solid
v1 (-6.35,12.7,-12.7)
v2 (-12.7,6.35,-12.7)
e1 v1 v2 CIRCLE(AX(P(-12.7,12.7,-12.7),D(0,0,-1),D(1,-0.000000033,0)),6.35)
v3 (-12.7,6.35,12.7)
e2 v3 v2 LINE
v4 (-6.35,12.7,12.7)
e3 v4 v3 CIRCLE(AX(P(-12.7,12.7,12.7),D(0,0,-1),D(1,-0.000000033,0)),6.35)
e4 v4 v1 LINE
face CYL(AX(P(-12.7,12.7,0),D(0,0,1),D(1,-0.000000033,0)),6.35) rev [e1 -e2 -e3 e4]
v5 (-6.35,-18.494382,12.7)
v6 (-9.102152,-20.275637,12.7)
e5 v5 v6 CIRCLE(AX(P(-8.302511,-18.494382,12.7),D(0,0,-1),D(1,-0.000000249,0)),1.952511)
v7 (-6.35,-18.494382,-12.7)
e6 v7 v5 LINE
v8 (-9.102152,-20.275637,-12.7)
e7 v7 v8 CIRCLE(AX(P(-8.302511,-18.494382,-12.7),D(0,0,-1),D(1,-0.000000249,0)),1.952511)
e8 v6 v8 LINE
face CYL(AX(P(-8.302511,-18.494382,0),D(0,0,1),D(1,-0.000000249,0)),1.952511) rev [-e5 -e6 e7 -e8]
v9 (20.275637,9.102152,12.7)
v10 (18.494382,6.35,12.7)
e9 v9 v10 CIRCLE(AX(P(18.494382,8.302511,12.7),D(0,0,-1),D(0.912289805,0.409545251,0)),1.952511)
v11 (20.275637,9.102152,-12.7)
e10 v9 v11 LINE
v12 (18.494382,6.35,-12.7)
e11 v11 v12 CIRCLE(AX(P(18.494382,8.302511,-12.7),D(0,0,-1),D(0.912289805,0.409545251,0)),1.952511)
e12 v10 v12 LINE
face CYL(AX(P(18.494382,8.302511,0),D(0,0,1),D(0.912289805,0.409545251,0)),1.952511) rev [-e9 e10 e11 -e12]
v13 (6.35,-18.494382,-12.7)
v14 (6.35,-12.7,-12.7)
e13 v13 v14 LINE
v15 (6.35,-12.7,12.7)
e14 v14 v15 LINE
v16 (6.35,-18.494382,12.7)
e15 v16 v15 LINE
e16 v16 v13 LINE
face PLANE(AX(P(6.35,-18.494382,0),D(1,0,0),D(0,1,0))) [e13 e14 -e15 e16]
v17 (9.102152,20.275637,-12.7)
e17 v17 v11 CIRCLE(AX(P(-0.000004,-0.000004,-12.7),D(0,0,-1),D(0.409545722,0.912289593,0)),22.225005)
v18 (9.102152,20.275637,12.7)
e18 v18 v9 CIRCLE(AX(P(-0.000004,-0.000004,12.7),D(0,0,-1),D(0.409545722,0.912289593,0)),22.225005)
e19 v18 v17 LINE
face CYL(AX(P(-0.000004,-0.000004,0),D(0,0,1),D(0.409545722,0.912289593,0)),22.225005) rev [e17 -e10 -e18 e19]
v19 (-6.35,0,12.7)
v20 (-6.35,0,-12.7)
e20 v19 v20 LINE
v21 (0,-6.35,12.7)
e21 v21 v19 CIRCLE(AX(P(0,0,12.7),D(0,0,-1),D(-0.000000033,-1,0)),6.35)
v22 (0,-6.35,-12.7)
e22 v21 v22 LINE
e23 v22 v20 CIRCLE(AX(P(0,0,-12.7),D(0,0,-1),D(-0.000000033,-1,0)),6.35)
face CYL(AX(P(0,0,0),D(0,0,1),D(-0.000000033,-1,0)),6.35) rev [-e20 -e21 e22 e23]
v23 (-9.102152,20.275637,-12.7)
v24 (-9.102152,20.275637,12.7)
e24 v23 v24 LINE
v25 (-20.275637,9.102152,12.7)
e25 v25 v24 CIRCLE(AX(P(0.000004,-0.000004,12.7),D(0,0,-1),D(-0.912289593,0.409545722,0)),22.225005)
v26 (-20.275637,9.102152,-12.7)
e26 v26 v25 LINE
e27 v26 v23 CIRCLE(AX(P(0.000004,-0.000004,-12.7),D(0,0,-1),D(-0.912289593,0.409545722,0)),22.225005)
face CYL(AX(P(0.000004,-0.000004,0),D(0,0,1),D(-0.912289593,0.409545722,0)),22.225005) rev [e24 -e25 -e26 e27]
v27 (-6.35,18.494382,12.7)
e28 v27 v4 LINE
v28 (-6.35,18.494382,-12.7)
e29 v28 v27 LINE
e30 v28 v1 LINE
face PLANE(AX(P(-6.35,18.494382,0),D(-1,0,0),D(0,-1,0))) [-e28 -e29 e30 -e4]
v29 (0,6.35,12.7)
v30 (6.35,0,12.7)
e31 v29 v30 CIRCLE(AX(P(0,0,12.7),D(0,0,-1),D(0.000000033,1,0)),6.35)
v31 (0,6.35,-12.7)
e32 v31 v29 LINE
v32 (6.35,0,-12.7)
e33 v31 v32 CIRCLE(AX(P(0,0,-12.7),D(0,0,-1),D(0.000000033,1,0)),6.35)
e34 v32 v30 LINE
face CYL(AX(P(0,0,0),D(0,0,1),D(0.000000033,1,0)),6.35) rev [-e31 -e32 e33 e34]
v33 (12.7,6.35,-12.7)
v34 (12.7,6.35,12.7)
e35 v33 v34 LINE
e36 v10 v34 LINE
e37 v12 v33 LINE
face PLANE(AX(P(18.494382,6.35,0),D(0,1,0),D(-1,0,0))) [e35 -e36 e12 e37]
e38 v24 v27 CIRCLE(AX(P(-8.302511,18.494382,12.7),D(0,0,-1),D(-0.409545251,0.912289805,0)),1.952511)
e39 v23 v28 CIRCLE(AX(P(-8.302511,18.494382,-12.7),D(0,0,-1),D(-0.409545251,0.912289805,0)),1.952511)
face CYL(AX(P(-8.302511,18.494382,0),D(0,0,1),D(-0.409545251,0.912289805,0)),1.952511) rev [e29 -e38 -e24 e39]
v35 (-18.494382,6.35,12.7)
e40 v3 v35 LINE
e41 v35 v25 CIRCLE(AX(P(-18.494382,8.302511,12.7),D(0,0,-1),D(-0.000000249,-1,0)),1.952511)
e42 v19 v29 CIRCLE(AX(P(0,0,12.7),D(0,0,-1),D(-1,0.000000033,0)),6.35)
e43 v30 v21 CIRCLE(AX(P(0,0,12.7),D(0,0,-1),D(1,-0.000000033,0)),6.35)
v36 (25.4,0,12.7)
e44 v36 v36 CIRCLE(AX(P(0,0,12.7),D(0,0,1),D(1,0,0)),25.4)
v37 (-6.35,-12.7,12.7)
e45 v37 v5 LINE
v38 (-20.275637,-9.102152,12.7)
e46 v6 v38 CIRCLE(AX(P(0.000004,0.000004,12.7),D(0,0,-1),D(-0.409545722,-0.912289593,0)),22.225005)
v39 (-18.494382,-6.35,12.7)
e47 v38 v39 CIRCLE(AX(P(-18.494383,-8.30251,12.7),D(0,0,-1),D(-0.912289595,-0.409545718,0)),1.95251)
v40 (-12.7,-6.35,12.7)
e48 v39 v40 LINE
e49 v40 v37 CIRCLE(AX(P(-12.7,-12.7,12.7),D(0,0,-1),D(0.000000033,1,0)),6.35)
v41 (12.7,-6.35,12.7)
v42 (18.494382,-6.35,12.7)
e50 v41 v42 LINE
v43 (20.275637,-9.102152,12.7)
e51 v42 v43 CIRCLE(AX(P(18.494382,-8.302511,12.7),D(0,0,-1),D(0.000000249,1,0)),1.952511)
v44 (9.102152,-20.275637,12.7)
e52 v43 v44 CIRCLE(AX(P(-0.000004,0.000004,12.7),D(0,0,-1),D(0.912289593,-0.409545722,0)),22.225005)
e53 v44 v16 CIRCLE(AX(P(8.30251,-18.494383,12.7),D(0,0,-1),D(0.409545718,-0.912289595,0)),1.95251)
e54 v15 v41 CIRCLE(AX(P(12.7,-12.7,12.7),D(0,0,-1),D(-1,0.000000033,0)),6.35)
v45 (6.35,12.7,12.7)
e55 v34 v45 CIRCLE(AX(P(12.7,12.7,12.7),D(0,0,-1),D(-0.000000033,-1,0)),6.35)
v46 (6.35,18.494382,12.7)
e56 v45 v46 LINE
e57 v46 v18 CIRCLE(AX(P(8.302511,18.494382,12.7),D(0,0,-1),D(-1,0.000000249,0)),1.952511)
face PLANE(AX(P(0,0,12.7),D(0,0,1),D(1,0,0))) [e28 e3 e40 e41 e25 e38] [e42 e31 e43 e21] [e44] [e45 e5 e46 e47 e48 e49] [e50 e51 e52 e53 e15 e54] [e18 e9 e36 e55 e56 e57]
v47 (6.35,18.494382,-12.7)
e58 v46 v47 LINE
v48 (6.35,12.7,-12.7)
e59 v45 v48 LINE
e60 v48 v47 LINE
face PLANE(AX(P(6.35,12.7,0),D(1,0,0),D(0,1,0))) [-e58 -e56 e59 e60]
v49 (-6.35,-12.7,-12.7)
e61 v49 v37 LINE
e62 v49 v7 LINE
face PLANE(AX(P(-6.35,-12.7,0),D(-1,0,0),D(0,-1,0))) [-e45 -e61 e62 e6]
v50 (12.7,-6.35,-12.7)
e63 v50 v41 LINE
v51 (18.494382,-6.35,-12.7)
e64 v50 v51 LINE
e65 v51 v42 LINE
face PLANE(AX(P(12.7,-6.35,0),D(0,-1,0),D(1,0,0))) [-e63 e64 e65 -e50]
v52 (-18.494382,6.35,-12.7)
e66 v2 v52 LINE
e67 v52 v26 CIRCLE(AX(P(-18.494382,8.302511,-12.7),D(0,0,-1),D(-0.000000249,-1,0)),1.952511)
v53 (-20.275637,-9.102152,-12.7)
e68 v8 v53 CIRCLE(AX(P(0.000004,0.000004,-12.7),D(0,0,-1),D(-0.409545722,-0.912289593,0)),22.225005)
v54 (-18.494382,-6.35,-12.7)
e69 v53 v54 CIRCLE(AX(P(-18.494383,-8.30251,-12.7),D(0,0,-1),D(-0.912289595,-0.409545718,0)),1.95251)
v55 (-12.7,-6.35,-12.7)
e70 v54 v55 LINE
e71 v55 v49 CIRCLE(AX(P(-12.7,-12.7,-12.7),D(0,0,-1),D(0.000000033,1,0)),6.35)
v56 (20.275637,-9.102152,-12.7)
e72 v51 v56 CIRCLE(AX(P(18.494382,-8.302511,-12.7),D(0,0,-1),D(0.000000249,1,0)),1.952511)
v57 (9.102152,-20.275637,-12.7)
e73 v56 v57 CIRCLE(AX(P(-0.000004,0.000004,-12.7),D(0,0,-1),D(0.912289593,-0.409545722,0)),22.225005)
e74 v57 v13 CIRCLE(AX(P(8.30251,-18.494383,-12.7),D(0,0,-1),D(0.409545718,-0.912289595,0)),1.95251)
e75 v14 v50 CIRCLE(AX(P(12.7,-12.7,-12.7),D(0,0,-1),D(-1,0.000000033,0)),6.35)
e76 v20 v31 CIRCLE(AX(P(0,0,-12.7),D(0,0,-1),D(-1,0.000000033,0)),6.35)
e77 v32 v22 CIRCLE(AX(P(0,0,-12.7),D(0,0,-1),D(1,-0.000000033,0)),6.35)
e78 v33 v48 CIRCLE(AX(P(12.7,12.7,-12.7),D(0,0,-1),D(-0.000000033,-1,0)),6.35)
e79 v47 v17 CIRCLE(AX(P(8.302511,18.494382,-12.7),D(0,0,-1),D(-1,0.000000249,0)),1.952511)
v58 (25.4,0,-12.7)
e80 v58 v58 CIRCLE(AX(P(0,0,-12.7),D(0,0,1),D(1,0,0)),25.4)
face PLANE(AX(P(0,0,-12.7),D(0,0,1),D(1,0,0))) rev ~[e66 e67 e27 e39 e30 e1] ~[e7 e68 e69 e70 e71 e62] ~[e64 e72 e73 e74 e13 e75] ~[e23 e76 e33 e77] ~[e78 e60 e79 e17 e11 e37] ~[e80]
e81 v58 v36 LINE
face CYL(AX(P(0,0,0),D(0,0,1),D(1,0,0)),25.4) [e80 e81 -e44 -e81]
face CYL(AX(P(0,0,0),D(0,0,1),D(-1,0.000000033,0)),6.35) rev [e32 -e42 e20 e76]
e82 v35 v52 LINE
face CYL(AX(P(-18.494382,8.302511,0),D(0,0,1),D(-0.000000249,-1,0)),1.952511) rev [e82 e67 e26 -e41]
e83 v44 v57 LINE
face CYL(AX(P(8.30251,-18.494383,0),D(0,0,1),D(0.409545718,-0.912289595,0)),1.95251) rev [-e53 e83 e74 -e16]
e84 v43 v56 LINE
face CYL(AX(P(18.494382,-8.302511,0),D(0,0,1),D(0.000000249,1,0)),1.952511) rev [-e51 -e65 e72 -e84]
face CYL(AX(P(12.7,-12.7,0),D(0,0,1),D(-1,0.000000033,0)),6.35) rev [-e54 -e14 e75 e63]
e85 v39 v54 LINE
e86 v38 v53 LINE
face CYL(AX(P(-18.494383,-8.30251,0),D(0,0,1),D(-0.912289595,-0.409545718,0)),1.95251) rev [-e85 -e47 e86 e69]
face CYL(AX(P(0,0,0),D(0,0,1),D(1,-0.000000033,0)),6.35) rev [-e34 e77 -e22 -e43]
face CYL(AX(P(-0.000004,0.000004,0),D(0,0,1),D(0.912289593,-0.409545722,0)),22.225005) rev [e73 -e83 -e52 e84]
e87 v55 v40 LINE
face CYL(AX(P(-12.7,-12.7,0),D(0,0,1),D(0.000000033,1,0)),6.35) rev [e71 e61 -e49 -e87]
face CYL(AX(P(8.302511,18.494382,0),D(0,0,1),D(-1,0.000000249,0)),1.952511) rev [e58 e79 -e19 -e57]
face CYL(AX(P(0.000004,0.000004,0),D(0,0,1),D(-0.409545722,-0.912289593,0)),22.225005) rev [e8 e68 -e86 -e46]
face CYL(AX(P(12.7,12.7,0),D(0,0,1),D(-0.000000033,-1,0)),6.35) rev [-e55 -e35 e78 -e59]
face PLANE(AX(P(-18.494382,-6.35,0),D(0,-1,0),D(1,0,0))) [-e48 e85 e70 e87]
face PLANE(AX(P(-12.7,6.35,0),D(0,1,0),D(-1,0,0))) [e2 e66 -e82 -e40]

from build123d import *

# Parameters (mm, degrees)
F0_R     = 25.4
F1_DEPTH = 12.7


with BuildPart() as f1:
    # F0 (on Top) → F1 (new body, symmetric)
    with BuildSketch(Plane.XY):
        Circle(F0_R)
        with BuildLine():
            ThreePointArc((-12.7, -6.35), (-8.209872, -8.209872), (-6.35, -12.7))
            Line((-6.35, -12.7), (-6.35, -18.494382))
            ThreePointArc((-6.35, -18.494382), (-7.241618, -20.133529), (-9.102152, -20.275637))
            ThreePointArc((-9.102152, -20.275637), (-15.715448, -15.715448), (-20.275637, -9.102152))
            ThreePointArc((-20.275637, -9.102152), (-20.133529, -7.241617), (-18.494382, -6.35))
            Line((-18.494382, -6.35), (-12.7, -6.35))
        make_face(mode=Mode.SUBTRACT)
        with BuildLine():
            ThreePointArc((0, 6.35), (4.490128, 4.490128), (6.35, 0))
            ThreePointArc((6.35, 0), (4.490128, -4.490128), (0, -6.35))
            ThreePointArc((0, -6.35), (-4.490128, -4.490128), (-6.35, 0))
            ThreePointArc((-6.35, 0), (-4.490128, 4.490128), (0, 6.35))
        make_face(mode=Mode.SUBTRACT)
        with BuildLine():
            ThreePointArc((6.35, -12.7), (8.209872, -8.209872), (12.7, -6.35))
            Line((12.7, -6.35), (18.494382, -6.35))
            ThreePointArc((18.494382, -6.35), (20.133529, -7.241618), (20.275637, -9.102152))
            ThreePointArc((20.275637, -9.102152), (15.715448, -15.715448), (9.102152, -20.275637))
            ThreePointArc((9.102152, -20.275637), (7.241617, -20.133529), (6.35, -18.494382))
            Line((6.35, -18.494382), (6.35, -12.7))
        make_face(mode=Mode.SUBTRACT)
        with BuildLine():
            ThreePointArc((-20.275637, 9.102152), (-15.715448, 15.715448), (-9.102152, 20.275637))
            ThreePointArc((-9.102152, 20.275637), (-7.241618, 20.133529), (-6.35, 18.494382))
            Line((-6.35, 18.494382), (-6.35, 12.7))
            ThreePointArc((-6.35, 12.7), (-8.209872, 8.209872), (-12.7, 6.35))
            Line((-12.7, 6.35), (-18.494382, 6.35))
            ThreePointArc((-18.494382, 6.35), (-20.133529, 7.241618), (-20.275637, 9.102152))
        make_face(mode=Mode.SUBTRACT)
        with BuildLine():
            ThreePointArc((12.7, 6.35), (8.209872, 8.209872), (6.35, 12.7))
            Line((6.35, 12.7), (6.35, 18.494382))
            ThreePointArc((6.35, 18.494382), (7.241618, 20.133529), (9.102152, 20.275637))
            ThreePointArc((9.102152, 20.275637), (15.715448, 15.715448), (20.275637, 9.102152))
            ThreePointArc((20.275637, 9.102152), (20.133529, 7.241618), (18.494382, 6.35))
            Line((18.494382, 6.35), (12.7, 6.35))
        make_face(mode=Mode.SUBTRACT)
    extrude(amount=F1_DEPTH, both=True)


solid = f1.part
